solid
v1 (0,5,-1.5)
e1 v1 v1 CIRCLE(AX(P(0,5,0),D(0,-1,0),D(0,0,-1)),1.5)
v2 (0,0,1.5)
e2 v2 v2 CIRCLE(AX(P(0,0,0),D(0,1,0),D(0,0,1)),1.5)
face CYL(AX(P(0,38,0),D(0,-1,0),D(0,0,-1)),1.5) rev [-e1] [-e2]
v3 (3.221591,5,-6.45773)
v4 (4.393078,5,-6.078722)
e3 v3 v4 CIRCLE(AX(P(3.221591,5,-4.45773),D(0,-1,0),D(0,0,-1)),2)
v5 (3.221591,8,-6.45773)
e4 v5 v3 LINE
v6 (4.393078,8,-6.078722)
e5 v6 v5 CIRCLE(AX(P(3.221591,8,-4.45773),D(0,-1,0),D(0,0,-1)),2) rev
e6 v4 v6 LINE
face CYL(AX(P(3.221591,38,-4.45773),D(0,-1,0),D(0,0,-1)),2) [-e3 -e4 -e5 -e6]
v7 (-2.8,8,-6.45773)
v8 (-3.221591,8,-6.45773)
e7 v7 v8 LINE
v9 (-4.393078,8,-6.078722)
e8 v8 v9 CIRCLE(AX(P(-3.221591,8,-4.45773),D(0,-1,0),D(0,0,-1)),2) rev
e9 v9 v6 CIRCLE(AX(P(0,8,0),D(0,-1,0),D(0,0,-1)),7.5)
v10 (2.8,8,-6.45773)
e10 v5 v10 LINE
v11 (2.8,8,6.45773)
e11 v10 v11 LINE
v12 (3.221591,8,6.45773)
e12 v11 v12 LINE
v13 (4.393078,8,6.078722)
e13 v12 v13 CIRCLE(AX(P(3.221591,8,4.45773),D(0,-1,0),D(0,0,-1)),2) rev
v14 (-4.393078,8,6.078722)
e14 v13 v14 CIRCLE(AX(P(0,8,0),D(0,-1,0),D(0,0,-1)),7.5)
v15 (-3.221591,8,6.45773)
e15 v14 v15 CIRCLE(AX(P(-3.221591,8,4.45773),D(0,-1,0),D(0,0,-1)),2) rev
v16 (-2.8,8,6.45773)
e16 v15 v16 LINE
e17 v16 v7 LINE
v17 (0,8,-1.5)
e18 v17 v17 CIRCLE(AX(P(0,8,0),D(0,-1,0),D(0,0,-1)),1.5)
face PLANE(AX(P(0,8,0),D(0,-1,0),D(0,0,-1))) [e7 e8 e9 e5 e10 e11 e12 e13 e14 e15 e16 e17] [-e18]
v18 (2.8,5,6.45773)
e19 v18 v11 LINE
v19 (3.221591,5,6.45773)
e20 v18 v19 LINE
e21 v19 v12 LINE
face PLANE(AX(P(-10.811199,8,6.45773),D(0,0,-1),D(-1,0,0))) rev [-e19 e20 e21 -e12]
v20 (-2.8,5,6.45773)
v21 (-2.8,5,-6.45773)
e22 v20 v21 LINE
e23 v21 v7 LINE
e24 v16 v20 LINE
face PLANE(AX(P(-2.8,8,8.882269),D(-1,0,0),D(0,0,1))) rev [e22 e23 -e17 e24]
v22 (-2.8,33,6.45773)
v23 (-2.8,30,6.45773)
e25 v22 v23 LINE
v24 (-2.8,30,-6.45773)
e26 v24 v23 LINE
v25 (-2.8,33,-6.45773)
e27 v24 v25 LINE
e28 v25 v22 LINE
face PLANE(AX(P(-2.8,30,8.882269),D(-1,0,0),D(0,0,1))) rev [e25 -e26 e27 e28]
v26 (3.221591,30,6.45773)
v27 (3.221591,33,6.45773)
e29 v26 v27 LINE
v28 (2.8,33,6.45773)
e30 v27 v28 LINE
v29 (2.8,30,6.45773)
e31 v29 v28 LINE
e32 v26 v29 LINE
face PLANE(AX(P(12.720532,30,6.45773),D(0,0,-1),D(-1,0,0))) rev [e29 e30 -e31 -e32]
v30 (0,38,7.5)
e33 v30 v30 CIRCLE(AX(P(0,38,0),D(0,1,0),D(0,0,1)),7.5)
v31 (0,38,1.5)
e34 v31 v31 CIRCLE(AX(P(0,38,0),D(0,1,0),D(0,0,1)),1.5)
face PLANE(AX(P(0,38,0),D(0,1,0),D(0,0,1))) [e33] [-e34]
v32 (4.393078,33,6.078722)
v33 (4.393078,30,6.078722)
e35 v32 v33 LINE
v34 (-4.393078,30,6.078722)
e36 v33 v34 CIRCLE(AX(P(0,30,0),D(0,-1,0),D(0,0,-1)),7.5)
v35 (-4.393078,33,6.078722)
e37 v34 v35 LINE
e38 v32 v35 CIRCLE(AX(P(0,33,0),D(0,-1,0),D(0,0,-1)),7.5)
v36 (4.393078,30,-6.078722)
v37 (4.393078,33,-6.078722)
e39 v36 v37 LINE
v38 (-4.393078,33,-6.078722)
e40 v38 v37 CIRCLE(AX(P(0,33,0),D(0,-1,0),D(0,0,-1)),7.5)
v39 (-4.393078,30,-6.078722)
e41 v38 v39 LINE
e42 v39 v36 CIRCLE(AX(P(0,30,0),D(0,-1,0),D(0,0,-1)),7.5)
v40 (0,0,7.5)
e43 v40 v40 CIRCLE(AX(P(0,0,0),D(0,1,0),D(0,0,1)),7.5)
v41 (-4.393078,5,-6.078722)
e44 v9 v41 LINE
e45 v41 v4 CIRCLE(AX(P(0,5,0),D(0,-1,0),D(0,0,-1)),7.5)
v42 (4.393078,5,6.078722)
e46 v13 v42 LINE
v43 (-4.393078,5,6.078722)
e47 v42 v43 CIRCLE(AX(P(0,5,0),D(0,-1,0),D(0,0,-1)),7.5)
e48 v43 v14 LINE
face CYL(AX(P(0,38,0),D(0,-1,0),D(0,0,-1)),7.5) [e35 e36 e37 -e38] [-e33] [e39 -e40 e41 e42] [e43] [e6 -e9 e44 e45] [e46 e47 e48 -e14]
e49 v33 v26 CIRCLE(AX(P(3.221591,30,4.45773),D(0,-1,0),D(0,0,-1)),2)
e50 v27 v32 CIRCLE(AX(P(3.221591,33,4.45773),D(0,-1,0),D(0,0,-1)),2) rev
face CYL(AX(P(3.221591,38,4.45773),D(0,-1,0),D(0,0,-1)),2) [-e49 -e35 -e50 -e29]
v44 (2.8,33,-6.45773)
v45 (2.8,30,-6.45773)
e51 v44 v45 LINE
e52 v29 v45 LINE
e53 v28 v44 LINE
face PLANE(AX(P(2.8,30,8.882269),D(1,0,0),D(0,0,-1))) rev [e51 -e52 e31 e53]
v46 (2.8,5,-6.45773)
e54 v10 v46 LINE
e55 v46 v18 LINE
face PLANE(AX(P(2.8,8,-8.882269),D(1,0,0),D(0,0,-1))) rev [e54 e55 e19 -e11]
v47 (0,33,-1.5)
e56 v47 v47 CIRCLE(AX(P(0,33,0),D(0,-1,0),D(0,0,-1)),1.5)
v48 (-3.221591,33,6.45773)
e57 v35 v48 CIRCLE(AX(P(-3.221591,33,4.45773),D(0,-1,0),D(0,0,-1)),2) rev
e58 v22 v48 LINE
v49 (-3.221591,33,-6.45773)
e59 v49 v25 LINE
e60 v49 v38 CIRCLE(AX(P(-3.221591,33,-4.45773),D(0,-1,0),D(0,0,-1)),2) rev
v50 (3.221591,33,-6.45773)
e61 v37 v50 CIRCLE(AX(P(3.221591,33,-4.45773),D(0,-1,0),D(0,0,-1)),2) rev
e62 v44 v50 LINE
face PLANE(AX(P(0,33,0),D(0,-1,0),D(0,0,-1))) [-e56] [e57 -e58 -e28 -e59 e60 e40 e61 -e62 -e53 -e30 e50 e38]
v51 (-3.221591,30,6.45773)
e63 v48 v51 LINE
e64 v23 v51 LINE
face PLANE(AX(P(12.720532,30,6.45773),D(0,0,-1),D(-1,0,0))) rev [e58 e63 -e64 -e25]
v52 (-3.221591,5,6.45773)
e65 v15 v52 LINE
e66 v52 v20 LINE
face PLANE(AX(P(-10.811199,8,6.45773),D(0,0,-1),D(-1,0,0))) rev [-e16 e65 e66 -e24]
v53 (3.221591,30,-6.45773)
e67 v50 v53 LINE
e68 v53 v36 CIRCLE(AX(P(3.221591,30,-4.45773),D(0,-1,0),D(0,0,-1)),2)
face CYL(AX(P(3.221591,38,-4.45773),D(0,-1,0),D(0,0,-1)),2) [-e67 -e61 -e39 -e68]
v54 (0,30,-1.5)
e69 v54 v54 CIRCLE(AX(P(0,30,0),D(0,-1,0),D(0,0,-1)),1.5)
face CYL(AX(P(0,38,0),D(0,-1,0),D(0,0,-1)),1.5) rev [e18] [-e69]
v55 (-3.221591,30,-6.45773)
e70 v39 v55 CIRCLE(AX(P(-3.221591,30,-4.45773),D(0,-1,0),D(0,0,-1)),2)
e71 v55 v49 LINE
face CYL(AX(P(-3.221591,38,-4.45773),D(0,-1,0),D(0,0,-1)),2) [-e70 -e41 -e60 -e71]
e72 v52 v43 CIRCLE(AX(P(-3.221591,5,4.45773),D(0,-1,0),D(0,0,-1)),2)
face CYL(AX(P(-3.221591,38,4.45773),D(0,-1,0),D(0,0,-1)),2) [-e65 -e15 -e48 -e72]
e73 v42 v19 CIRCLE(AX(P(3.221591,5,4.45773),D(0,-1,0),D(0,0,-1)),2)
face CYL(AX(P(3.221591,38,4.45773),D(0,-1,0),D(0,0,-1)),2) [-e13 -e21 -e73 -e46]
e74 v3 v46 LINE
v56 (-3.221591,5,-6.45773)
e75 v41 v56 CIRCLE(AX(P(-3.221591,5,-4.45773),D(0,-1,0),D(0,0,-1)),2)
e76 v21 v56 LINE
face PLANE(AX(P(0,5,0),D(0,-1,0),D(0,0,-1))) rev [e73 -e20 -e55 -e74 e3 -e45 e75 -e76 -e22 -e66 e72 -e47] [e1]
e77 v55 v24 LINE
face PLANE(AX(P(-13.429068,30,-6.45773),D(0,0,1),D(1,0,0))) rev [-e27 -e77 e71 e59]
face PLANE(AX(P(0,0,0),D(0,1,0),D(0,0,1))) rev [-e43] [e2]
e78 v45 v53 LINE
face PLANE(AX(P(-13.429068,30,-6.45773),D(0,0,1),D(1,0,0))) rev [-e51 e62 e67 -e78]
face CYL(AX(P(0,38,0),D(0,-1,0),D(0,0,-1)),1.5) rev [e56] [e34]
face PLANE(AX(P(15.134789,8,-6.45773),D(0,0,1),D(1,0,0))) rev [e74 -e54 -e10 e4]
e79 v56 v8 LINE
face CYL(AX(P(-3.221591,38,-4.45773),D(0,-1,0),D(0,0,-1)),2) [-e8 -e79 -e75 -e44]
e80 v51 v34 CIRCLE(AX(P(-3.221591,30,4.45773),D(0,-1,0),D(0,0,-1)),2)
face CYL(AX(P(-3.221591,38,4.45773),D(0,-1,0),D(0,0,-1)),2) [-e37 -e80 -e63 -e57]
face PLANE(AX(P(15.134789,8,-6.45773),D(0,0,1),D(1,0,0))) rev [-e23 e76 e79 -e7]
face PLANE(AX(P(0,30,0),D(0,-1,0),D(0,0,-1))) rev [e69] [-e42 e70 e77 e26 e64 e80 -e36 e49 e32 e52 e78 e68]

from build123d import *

# Parameters (mm, degrees)
SKETCH1_R           = 7.5
SKETCH1_R_2         = 1.5
BOSS_EXTRUDE1_DEPTH = 38
SKETCH2_W           = 5.6
SKETCH2_H           = 17.764538462
CUT_EXTRUDE1_DEPTH  = 3
SKETCH3_W           = 5.6
SKETCH3_H           = 17.764538462
CUT_EXTRUDE2_DEPTH  = 3
SKETCH4_W           = 28.563856461
SKETCH4_H           = 7.504556993
SKETCH4_W_2         = 23.531731035
SKETCH4_H_2         = 6.282884924
CUT_EXTRUDE3_DEPTH  = 3
SKETCH5_W           = 28.563856461
SKETCH5_H           = 7.504556993
SKETCH5_W_2         = 23.531731035
SKETCH5_H_2         = 6.282884924
CUT_EXTRUDE4_DEPTH  = 3
FILLET1_R           = 2


with BuildPart() as part:
    # Sketch1 → Boss-Extrude1 (new body)
    with BuildSketch(Plane(origin=(0, 0, 0), x_dir=(1, 0, 0), z_dir=(0, 1, 0))):
        Circle(SKETCH1_R)
        Circle(SKETCH1_R_2, mode=Mode.SUBTRACT)
    extrude(amount=BOSS_EXTRUDE1_DEPTH)

    # Sketch2 → Cut-Extrude1 (cut)
    with BuildSketch(Plane(origin=(0, 33, 0), x_dir=(1, 0, 0), z_dir=(0, 1, 0))):
        Rectangle(SKETCH2_W, SKETCH2_H)
    extrude(amount=-CUT_EXTRUDE1_DEPTH, mode=Mode.SUBTRACT)

    # Sketch3 → Cut-Extrude2 (cut)
    with BuildSketch(Plane(origin=(0, 5, 0), x_dir=(-1, 0, 0), z_dir=(0, -1, 0))):
        Rectangle(SKETCH3_W, SKETCH3_H)
    extrude(amount=-CUT_EXTRUDE2_DEPTH, mode=Mode.SUBTRACT)

    # Sketch4 → Cut-Extrude3 (cut)
    with BuildSketch(Plane(origin=(0, 33, 0), x_dir=(1, 0, 0), z_dir=(0, 1, 0))):
        with Locations((0.852860298, 10.210008012)):
            Rectangle(SKETCH4_W, SKETCH4_H)
        with Locations((0.954666304, -9.599171977)):
            Rectangle(SKETCH4_W_2, SKETCH4_H_2)
    extrude(amount=-CUT_EXTRUDE3_DEPTH, mode=Mode.SUBTRACT)

    # Sketch5 → Cut-Extrude4 (cut)
    with BuildSketch(Plane(origin=(0, 5, 0), x_dir=(-1, 0, 0), z_dir=(0, -1, 0))):
        with Locations((-0.852860298, 10.210008012)):
            Rectangle(SKETCH5_W, SKETCH5_H)
        with Locations((-0.954666304, -9.599171977)):
            Rectangle(SKETCH5_W_2, SKETCH5_H_2)
    extrude(amount=-CUT_EXTRUDE4_DEPTH, mode=Mode.SUBTRACT)

    # Fillet1
    fillet1_edges = [part.edges().sort_by_distance(p)[0] for p in [
        (-3.814148596, 6.5, -6.457729515),
        (3.814148596, 6.5, -6.457729515),
        (3.814148596, 6.5, 6.457729515),
        (-3.814148596, 6.5, 6.457729515),
        (-3.814148596, 31.5, -6.457729515),
        (3.814148596, 31.5, -6.457729515),
        (3.814148596, 31.5, 6.457729515),
        (-3.814148596, 31.5, 6.457729515),
    ]]
    fillet(fillet1_edges, radius=FILLET1_R)


solid = part.part
